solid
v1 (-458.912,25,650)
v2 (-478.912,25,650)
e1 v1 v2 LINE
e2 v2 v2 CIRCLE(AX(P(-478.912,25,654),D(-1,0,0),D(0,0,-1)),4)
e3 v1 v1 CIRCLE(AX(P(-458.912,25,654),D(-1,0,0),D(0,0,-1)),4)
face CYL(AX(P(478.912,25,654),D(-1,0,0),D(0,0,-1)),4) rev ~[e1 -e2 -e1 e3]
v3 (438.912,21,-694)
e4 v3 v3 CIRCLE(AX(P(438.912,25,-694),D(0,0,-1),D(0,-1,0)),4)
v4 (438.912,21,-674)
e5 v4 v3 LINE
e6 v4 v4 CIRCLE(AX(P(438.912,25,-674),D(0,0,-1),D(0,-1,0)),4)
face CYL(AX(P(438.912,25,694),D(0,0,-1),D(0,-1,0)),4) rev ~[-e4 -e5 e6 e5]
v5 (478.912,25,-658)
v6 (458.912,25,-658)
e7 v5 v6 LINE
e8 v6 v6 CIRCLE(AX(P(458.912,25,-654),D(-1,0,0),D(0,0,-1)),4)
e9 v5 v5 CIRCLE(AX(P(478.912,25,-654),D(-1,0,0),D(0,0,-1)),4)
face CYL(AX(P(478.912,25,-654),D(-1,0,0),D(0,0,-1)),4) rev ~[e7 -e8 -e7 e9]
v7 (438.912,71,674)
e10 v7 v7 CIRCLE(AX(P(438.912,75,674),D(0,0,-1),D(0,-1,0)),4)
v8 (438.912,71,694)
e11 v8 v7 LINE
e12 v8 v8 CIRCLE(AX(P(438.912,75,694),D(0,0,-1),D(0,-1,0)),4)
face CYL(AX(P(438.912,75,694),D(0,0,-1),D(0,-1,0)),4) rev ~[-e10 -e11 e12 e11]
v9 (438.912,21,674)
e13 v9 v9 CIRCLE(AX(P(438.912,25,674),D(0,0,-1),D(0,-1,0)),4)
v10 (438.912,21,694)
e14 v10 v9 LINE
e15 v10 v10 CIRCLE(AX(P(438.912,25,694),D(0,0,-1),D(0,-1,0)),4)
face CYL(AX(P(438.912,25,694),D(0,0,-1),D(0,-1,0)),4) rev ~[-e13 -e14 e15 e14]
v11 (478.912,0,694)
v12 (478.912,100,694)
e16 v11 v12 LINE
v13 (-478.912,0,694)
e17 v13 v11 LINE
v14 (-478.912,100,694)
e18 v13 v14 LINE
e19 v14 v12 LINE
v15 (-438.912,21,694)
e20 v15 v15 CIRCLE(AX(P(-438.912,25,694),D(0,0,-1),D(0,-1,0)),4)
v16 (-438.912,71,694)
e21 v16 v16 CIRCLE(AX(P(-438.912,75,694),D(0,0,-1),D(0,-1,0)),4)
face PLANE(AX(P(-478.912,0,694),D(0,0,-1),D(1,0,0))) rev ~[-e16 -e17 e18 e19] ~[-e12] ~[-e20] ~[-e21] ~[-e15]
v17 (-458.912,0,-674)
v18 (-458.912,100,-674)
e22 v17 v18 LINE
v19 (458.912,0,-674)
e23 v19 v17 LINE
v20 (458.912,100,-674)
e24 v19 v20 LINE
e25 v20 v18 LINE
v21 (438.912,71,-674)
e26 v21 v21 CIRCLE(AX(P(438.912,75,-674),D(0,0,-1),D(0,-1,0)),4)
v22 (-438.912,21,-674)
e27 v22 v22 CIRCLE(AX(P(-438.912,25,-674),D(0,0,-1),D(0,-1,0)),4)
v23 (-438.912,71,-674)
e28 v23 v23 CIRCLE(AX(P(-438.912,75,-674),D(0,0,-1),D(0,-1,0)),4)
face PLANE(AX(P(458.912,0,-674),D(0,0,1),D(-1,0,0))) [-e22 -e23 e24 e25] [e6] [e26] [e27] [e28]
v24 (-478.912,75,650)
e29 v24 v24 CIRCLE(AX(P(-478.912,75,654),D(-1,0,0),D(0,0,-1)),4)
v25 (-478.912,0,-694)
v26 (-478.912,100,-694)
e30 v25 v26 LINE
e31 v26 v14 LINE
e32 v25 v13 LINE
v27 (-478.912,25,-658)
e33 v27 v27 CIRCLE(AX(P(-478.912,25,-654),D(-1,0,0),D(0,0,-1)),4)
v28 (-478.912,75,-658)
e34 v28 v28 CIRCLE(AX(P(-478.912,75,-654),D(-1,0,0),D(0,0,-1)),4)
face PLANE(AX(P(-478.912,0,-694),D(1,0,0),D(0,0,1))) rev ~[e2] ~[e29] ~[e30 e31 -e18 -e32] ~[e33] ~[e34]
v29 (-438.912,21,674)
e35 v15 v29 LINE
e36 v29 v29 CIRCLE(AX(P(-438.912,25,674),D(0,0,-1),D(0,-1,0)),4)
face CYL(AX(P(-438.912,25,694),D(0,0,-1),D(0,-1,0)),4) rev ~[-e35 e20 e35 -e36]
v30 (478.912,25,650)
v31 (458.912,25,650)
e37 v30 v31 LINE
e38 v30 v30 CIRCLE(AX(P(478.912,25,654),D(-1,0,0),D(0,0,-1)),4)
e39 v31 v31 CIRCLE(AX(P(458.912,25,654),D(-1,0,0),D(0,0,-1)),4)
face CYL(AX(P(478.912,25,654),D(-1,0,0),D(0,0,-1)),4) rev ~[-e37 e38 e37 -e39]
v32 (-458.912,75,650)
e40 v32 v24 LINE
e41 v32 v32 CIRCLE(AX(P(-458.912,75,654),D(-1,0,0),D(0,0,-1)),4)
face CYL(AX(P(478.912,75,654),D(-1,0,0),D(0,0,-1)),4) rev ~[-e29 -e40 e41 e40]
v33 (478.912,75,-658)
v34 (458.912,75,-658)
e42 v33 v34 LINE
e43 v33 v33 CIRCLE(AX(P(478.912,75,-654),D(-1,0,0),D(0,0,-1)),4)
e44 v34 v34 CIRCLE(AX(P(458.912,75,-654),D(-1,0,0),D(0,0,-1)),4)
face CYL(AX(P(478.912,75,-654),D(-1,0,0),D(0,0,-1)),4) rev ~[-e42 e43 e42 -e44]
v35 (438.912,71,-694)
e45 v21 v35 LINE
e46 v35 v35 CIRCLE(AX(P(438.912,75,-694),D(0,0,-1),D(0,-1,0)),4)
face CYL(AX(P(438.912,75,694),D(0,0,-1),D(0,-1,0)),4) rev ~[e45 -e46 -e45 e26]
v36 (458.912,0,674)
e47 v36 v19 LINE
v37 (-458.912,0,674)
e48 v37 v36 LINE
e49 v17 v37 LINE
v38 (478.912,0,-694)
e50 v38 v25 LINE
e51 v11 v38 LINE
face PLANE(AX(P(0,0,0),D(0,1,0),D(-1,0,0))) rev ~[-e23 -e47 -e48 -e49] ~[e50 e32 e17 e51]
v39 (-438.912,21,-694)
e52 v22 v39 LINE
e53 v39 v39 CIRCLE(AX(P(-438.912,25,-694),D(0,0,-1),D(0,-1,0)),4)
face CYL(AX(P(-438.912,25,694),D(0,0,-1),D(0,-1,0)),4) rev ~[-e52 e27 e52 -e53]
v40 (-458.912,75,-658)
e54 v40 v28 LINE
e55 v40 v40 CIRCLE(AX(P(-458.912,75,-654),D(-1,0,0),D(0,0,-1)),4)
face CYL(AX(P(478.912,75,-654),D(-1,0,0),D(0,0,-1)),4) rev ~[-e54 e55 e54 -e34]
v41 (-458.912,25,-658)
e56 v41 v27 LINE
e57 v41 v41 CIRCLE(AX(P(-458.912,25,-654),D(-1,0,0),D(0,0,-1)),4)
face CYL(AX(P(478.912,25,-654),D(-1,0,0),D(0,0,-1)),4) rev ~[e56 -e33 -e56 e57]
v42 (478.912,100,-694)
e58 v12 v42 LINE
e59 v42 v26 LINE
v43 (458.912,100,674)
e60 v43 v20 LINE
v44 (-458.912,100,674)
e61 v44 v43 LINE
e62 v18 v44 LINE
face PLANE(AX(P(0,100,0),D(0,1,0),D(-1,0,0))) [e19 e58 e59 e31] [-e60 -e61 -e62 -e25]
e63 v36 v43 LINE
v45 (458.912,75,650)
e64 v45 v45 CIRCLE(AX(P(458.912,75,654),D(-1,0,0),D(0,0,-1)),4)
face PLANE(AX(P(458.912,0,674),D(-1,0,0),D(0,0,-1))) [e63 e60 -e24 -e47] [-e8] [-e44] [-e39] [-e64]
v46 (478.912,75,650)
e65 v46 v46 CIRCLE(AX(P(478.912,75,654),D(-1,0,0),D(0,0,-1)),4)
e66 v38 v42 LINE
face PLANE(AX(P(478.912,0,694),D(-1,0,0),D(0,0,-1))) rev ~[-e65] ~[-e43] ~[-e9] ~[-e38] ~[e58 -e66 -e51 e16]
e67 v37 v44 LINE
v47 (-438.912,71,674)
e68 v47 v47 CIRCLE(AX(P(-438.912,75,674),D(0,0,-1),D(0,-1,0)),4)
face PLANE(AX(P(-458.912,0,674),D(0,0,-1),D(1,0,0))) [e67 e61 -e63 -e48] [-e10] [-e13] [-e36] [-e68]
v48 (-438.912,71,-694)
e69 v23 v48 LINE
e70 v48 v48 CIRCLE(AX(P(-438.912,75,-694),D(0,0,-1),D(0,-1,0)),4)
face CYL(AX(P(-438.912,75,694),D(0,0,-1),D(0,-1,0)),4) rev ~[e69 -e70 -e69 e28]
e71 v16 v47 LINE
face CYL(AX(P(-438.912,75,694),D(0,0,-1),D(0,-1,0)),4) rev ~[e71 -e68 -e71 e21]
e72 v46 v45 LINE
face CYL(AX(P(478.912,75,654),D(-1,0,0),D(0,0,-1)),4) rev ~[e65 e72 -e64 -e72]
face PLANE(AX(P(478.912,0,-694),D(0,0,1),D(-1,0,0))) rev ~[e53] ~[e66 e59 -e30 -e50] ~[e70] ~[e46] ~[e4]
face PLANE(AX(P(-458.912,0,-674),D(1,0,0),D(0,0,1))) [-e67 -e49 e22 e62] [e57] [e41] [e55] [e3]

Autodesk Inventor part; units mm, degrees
ref_plane "YZ Plane" through (0, 0, 0) normal (1, 0, 0) x (0, 1, 0)
ref_plane "XZ Plane" through (0, 0, 0) normal (0, 1, 0) x (-1, 0, 0)
ref_plane "XY Plane" through (0, 0, 0) normal (0, 0, 1) x (1, 0, 0)
sketch "Sketch1" plane through (0, 0, 0) normal (0, 1, 0) x (-1, 0, 0)
  line L0 (478.912, 694) -> (-478.912, 694)
  line L1 (-478.912, 694) -> (-478.912, -694)
  line L2 (-478.912, -694) -> (478.912, -694)
  line L3 (478.912, -694) -> (478.912, 694)
  line L4 (478.912, 694) -> (-478.912, -694) construction
  line L5 (-478.912, 694) -> (478.912, -694) construction
  line L6 (458.912, 674) -> (-458.912, 674)
  line L7 (-458.912, 674) -> (-458.912, -674)
  line L8 (-458.912, -674) -> (458.912, -674)
  line L9 (458.912, -674) -> (458.912, 674)
  line L10 (458.912, 674) -> (-458.912, -674) construction
  line L11 (-458.912, 674) -> (458.912, -674) construction
  point P0 (0, 0)
  point P1 (458.912, 0)
  point P2 (-448.912, 0)
  point P3 (-458.912, 0)
  point P4 (0, 674)
  point P5 (0, -674)
  dimension "d0" = 957.824
  dimension "d1" = 1388
  dimension "d2" = 917.824
  dimension "d3" = 1348
extrude "Extrusion7" add sketch "Sketch1" along normal blind 100
sketch "Sketch2" plane through (478.912, 0, 694) normal (1, 0, 0) x (0, 0, -1)
  line L0 (0, 0) -> (0, 100) projected
  line L1 (0, 100) -> (1388, 100) projected
  point P0 (694, 0)
  point P1 (40, 75)
  dimension "d40" = 40
  dimension "d41" = 25
hole "Hole1" at (478.912, 75, 654) direction (-1, 0, 0) diameter 8 end through all
sketch "Sketch3" plane through (478.912, 0, 694) normal (1, 0, 0) x (0, 0, -1)
  line L0 (0, 0) -> (0, 100) projected
  line L1 (0, 0) -> (1388, 0) projected
  point P0 (694, 0)
  point P1 (40, 25)
  dimension "d42" = 40
  dimension "d43" = 25
hole "Hole2" at (478.912, 25, 654) direction (-1, 0, 0) diameter 8 end through all
sketch "Sketch4" plane through (478.912, 0, 694) normal (1, 0, 0) x (0, 0, -1)
  line L0 (1388, 0) -> (1388, 100) projected
  line L1 (0, 100) -> (1388, 100) projected
  point P0 (694, 0)
  point P1 (1348, 75)
  dimension "d58" = 40
  dimension "d59" = 25
hole "Hole3" at (478.912, 75, -654) direction (-1, 0, 0) diameter 8 end through all
sketch "Sketch5" plane through (478.912, 0, 694) normal (1, 0, 0) x (0, 0, -1)
  line L0 (1388, 0) -> (1388, 100) projected
  line L1 (0, 0) -> (1388, 0) projected
  point P0 (694, 0)
  point P1 (1348, 25)
  dimension "d60" = 40
  dimension "d61" = 25
hole "Hole4" at (478.912, 25, -654) direction (-1, 0, 0) diameter 8 end through all
sketch "Sketch6" plane through (-478.912, 0, 694) normal (0, 0, 1) x (1, 0, 0)
  line L0 (0, 100) -> (957.824, 100) projected
  line L1 (957.824, 0) -> (957.824, 100) projected
  line L2 (0, 0) -> (957.824, 0) projected
  point P0 (478.912, 0)
  point P1 (917.824, 75)
  point P2 (917.824, 25)
  dimension "d69" = 25
  dimension "d70" = 40
  dimension "d71" = 40
  dimension "d72" = 25
hole "Hole5" at (438.912, 75, 694) at (438.912, 25, 694) direction (0, 0, -1) diameter 8 end through all
sketch "Sketch7" plane through (-478.912, 0, 694) normal (0, 0, 1) x (1, 0, 0)
  line L0 (0, 0) -> (0, 100) projected
  line L1 (0, 100) -> (957.824, 100) projected
  point P0 (478.912, 0)
  point P1 (40, 75)
  dimension "d87" = 40
  dimension "d88" = 25
hole "Hole6" at (-438.912, 75, 694) direction (0, 0, -1) diameter 8 end through all
sketch "Sketch8" plane through (-478.912, 0, 694) normal (0, 0, 1) x (1, 0, 0)
  line L0 (0, 0) -> (0, 100) projected
  line L1 (0, 0) -> (957.824, 0) projected
  point P0 (478.912, 0)
  point P1 (40, 25)
  dimension "d89" = 40
  dimension "d90" = 25
hole "Hole7" at (-438.912, 25, 694) direction (0, 0, -1) diameter 8 end through all
properties part number "solar panels holder 2"
